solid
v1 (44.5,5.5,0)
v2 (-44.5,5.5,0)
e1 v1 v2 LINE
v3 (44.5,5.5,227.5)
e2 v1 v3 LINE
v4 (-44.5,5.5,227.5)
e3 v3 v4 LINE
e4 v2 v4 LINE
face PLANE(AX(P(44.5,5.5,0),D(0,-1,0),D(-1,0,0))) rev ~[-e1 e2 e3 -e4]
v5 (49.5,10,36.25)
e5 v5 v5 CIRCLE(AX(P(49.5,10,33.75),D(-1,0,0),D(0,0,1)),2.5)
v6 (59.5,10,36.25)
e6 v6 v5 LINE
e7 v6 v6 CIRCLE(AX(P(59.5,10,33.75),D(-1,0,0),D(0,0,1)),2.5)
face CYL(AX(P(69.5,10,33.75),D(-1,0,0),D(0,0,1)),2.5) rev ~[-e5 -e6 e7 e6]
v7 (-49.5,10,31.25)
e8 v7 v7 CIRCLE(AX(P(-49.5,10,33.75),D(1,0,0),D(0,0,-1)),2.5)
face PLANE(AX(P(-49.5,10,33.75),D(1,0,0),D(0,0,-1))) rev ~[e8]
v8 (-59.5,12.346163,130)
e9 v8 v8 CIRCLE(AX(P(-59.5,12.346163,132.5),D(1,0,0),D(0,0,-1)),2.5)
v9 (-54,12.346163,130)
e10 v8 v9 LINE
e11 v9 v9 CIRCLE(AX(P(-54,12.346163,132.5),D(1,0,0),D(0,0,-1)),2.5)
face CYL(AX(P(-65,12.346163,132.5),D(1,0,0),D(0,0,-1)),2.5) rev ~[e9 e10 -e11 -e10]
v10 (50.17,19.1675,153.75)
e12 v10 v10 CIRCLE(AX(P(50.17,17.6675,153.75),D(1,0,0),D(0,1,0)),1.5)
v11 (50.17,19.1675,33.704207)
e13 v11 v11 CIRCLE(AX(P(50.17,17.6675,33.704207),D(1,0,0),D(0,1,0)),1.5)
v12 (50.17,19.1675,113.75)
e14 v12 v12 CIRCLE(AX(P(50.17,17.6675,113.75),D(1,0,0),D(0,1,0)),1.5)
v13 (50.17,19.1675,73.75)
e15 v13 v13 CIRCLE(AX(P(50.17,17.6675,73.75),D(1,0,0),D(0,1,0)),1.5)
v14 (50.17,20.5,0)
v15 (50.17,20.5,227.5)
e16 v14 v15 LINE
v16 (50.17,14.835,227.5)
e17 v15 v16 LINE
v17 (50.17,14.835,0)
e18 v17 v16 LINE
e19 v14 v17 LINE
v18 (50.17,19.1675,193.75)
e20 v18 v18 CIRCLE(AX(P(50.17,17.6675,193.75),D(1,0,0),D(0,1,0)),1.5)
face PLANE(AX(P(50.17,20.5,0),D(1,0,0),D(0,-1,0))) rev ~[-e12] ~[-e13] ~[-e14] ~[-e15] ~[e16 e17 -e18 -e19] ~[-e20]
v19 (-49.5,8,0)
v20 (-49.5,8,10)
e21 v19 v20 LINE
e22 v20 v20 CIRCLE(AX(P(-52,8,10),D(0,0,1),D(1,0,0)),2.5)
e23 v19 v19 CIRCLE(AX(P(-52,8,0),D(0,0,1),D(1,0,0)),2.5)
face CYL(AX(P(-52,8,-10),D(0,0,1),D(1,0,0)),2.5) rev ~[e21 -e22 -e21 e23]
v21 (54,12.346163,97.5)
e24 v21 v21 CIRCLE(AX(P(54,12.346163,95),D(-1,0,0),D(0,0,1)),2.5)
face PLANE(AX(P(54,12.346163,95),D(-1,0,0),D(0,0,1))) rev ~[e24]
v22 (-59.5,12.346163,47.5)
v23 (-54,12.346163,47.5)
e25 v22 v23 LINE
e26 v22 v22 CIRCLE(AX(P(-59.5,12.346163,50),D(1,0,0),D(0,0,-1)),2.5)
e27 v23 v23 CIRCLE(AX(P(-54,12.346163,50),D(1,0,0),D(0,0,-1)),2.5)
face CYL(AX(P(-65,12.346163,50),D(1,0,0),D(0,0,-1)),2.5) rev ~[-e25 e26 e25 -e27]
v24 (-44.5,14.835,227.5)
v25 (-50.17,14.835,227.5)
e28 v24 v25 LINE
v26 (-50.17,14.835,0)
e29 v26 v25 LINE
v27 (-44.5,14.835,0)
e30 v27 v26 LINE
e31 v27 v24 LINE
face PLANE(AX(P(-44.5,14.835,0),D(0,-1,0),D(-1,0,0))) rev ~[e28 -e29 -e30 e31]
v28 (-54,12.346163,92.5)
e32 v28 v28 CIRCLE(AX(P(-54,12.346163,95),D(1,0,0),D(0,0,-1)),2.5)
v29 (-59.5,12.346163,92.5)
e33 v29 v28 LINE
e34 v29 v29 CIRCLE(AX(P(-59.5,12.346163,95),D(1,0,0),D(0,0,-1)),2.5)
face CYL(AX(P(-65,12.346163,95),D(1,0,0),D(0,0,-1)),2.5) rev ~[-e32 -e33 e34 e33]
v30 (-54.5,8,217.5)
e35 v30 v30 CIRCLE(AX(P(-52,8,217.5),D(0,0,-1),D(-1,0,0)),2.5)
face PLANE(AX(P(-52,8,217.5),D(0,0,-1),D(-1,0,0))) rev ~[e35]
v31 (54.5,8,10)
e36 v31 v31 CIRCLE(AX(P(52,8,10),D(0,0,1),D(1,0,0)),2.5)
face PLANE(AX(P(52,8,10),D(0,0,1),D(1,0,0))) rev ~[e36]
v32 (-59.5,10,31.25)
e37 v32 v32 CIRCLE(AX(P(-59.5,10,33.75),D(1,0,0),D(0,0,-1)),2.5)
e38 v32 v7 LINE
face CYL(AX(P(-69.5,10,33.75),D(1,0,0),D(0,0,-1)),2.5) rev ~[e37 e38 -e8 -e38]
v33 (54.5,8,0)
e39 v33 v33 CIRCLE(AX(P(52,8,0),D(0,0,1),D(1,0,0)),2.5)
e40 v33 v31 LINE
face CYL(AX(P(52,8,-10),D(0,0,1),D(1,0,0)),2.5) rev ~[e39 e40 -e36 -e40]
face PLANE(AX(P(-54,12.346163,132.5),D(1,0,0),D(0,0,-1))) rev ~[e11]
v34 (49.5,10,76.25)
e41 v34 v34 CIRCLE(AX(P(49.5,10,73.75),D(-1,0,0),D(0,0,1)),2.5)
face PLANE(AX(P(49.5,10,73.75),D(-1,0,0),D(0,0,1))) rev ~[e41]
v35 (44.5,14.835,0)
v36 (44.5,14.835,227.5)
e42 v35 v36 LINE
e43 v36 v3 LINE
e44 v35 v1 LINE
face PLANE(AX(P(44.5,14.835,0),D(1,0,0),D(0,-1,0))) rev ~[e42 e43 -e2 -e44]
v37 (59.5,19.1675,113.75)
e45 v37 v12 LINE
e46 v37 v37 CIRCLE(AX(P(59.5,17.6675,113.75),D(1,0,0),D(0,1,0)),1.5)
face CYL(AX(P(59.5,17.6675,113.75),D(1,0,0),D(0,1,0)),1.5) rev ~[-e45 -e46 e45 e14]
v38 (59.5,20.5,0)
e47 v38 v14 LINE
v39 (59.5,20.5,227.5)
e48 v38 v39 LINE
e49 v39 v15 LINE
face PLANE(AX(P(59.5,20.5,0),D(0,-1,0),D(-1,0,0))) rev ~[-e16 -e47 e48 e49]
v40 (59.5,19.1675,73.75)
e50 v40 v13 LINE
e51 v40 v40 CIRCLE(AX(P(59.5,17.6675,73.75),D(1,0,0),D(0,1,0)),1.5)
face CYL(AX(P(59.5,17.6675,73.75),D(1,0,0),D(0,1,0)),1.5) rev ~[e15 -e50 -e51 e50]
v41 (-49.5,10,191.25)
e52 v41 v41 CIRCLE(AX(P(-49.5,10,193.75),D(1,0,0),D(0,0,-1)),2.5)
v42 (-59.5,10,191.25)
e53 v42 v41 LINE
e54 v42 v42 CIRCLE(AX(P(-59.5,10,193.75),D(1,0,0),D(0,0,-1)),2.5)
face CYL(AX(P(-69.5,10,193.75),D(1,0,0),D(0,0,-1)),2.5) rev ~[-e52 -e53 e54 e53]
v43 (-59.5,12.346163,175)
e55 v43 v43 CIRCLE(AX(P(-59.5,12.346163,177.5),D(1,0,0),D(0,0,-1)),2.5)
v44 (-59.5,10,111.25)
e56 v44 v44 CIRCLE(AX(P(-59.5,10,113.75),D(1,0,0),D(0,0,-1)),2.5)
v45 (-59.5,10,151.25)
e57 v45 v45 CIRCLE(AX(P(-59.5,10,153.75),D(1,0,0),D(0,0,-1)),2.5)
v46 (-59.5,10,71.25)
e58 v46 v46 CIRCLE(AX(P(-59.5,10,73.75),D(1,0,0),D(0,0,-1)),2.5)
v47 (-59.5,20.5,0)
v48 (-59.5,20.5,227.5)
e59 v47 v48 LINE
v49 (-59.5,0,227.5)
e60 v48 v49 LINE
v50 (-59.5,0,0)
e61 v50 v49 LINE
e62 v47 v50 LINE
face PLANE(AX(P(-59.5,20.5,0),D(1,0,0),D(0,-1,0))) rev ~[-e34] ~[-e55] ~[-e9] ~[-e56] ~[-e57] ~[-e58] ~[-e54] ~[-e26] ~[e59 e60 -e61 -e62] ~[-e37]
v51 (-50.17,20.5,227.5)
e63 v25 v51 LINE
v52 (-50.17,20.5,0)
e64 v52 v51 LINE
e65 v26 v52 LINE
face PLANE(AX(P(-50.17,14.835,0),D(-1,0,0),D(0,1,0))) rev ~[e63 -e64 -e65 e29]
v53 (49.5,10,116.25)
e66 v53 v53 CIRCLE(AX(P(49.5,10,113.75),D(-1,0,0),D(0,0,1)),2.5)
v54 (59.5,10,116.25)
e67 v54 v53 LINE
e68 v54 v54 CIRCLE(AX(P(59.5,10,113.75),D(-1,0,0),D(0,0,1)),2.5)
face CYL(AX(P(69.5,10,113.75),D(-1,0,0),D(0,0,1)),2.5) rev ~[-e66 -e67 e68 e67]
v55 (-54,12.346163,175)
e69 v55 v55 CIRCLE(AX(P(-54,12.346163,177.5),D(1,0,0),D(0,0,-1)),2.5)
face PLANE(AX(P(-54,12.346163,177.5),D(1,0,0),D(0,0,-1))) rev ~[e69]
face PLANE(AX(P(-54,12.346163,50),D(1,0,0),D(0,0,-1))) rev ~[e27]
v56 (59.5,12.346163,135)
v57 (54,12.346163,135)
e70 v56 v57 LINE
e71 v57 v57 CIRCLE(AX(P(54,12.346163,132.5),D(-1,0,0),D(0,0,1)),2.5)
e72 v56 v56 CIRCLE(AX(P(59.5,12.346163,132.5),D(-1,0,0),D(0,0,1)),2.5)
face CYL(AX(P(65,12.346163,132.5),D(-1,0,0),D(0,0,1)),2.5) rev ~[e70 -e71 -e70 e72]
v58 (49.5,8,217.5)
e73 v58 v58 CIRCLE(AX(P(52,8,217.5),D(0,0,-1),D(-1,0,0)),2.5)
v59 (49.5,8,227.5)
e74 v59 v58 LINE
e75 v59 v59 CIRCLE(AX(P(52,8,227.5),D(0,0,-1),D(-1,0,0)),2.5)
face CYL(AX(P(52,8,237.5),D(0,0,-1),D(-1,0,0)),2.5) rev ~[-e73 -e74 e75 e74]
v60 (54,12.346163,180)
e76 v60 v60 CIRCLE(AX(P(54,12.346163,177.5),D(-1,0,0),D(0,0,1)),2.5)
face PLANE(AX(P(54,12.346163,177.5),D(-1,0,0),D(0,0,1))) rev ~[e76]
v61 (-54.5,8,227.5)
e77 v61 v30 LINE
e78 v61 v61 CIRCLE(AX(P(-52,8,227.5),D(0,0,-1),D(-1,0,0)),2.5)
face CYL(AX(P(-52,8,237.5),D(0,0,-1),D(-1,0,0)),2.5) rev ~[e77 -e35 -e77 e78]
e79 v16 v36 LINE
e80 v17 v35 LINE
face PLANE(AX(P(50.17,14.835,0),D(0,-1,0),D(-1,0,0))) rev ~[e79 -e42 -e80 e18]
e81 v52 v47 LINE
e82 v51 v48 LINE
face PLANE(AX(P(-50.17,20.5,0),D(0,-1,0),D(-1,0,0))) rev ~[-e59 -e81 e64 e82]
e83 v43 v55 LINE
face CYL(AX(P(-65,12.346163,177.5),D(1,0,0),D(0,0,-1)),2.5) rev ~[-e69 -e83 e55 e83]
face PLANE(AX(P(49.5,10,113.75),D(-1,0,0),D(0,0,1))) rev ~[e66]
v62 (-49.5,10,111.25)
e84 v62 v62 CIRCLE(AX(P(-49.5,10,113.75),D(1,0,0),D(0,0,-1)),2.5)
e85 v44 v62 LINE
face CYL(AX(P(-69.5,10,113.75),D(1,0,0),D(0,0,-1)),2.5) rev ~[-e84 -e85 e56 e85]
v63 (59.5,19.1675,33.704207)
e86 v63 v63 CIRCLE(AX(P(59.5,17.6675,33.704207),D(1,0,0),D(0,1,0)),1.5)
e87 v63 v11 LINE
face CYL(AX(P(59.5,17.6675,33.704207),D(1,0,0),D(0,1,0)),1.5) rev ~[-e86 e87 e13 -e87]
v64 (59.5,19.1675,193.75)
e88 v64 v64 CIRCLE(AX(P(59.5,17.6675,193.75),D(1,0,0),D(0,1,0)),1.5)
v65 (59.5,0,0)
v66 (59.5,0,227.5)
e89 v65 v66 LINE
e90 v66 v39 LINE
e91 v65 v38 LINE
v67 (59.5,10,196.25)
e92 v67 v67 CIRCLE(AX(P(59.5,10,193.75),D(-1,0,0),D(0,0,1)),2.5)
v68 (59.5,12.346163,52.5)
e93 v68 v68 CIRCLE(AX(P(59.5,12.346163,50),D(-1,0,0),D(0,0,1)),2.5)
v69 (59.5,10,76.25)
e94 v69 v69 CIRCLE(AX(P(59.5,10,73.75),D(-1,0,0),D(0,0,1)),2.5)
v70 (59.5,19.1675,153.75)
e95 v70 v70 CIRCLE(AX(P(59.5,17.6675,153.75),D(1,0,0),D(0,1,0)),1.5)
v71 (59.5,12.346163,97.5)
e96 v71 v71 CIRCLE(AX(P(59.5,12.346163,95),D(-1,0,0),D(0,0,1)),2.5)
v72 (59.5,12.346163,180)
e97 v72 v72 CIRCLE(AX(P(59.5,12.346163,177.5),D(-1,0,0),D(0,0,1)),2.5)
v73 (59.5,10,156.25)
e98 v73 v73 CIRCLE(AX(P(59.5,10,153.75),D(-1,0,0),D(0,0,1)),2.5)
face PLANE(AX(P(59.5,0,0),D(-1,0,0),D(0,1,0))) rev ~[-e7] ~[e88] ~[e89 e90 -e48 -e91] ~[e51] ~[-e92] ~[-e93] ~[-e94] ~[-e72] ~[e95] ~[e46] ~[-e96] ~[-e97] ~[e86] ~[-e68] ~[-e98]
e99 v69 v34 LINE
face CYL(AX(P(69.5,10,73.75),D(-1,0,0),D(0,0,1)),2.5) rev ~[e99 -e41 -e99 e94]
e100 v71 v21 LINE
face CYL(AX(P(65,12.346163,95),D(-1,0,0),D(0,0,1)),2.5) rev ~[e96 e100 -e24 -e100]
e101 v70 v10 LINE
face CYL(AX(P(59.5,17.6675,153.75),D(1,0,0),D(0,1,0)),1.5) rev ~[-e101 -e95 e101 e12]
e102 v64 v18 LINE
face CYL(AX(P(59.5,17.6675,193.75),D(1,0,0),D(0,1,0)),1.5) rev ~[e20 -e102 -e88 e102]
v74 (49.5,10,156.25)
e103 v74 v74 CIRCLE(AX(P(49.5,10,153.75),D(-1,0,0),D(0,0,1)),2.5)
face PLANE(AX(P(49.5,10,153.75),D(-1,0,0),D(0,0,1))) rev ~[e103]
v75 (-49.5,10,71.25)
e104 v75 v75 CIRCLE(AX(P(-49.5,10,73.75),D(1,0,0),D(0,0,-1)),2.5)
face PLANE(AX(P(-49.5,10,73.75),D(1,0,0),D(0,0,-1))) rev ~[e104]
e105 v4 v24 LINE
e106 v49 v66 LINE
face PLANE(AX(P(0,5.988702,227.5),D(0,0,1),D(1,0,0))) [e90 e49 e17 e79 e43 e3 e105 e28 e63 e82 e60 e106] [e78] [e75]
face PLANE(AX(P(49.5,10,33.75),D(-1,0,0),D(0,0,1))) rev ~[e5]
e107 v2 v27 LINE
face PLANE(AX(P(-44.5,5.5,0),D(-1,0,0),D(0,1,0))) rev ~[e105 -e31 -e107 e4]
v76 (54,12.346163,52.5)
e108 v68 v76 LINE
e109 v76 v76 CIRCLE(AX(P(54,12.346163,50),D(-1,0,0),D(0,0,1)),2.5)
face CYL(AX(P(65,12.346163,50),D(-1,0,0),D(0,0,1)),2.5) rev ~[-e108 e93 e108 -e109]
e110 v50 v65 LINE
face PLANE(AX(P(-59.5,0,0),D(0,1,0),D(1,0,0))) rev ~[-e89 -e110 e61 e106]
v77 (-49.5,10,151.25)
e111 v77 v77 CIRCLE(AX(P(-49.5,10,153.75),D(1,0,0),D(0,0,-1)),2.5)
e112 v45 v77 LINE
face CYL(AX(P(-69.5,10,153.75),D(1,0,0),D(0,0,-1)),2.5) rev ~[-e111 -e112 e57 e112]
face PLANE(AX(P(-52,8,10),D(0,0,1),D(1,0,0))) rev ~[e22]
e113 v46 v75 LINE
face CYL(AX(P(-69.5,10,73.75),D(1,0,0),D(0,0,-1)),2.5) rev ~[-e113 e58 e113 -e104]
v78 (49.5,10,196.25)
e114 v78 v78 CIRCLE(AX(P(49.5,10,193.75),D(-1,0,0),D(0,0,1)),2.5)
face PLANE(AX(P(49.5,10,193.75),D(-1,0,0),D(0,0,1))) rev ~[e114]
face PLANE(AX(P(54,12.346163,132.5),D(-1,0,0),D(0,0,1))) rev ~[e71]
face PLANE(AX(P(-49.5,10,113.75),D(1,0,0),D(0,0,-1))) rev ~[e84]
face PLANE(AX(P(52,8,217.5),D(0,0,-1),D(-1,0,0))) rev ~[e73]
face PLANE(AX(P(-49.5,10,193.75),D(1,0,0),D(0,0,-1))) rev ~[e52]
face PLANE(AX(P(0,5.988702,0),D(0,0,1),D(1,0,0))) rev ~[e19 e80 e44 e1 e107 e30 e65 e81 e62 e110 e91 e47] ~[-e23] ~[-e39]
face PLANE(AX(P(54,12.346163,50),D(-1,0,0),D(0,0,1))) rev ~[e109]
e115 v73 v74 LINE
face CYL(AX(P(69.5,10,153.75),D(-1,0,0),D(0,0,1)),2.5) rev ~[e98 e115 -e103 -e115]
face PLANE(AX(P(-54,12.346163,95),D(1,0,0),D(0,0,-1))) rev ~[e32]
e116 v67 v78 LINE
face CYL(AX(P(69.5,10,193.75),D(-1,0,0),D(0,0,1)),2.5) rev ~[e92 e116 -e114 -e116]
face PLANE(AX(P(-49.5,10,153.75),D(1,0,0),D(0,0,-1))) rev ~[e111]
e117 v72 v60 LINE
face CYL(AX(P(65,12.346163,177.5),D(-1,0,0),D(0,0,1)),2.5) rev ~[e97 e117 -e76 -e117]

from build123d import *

# Parameters (mm, degrees)
BOSS_EXTRUDE1_DEPTH             = 227.5
TAP_DRILL_FOR_M5X0_8_TAP1_D     = 5
TAP_DRILL_FOR_M5X0_8_TAP1_DEPTH = 10
TAP_DRILL_FOR_M5X0_8_TAP2_D     = 5
TAP_DRILL_FOR_M5X0_8_TAP2_DEPTH = 10
TAP_DRILL_FOR_M5X0_8_TAP3_D     = 5
TAP_DRILL_FOR_M5X0_8_TAP3_DEPTH = 10
TAP_DRILL_FOR_M5X0_8_TAP4_D     = 5
TAP_DRILL_FOR_M5X0_8_TAP4_DEPTH = 10
TAP_DRILL_FOR_M5X0_8_TAP5_D     = 5
TAP_DRILL_FOR_M5X0_8_TAP5_DEPTH = 5.5
TAP_DRILL_FOR_M5X0_8_TAP6_D     = 5
TAP_DRILL_FOR_M5X0_8_TAP6_DEPTH = 5.5
SKETCH18_R                      = 1.5
CUT_EXTRUDE2_DEPTH              = 29


with BuildPart() as part:
    # Sketch1 → Boss-Extrude1 (new body)
    with BuildSketch(Plane.XY):
        Polygon((44.5, 5.5), (-44.5, 5.5), (-44.5, 14.835), (-50.17, 14.835), (-50.17, 20.5), (-59.5, 20.5), (-59.5, 0), (59.5, 0), (59.5, 20.5), (50.17, 20.5), (50.17, 14.835), (44.5, 14.835), align=None)
    extrude(amount=BOSS_EXTRUDE1_DEPTH)

    # Tap Drill for M5x0.8 Tap1
    with Locations(Plane.XY.offset(227.5)):
        with Locations((52, 8), (-52, 8)):
            Hole(TAP_DRILL_FOR_M5X0_8_TAP1_D / 2, depth=TAP_DRILL_FOR_M5X0_8_TAP1_DEPTH)

    # Tap Drill for M5x0.8 Tap2
    with Locations(Plane(origin=(0, 0, 0), x_dir=(-1, 0, 0), z_dir=(0, 0, -1))):
        with Locations((52, 8), (-52, 8)):
            Hole(TAP_DRILL_FOR_M5X0_8_TAP2_D / 2, depth=TAP_DRILL_FOR_M5X0_8_TAP2_DEPTH)

    # Tap Drill for M5x0.8 Tap3
    with Locations(Plane(origin=(59.5, 0, 0), x_dir=(0, 0, -1), z_dir=(1, 0, 0))):
        with Locations((-193.75, 10), (-153.75, 10), (-113.75, 10), (-73.75, 10), (-33.75, 10)):
            Hole(TAP_DRILL_FOR_M5X0_8_TAP3_D / 2, depth=TAP_DRILL_FOR_M5X0_8_TAP3_DEPTH)

    # Tap Drill for M5x0.8 Tap4
    with Locations(Plane.ZY.offset(59.5)):
        with Locations((193.75, 10), (153.75, 10), (113.75, 10), (73.75, 10), (33.75, 10)):
            Hole(TAP_DRILL_FOR_M5X0_8_TAP4_D / 2, depth=TAP_DRILL_FOR_M5X0_8_TAP4_DEPTH)

    # Tap Drill for M5x0.8 Tap5
    with Locations(Plane(origin=(59.5, 0, 0), x_dir=(0, 0, -1), z_dir=(1, 0, 0))):
        with Locations((-177.5, 12.346163158), (-132.5, 12.346163158), (-95, 12.346163158), (-50, 12.346163158)):
            Hole(TAP_DRILL_FOR_M5X0_8_TAP5_D / 2, depth=TAP_DRILL_FOR_M5X0_8_TAP5_DEPTH)

    # Tap Drill for M5x0.8 Tap6
    with Locations(Plane.ZY.offset(59.5)):
        with Locations((50, 12.346163158), (95, 12.346163158), (132.5, 12.346163158), (177.5, 12.346163158)):
            Hole(TAP_DRILL_FOR_M5X0_8_TAP6_D / 2, depth=TAP_DRILL_FOR_M5X0_8_TAP6_DEPTH)

    # Sketch18 → Cut-Extrude2 (cut)
    with BuildSketch(Plane(origin=(59.5, 0, 0), x_dir=(0, 0, -1), z_dir=(1, 0, 0))):
        with Locations(Location((-193.75, 17.6675, 0), (0, 0, 90))):
            Circle(SKETCH18_R)
        with Locations(Location((-153.75, 17.6675, 0), (0, 0, 90))):
            Circle(SKETCH18_R)
        with Locations(Location((-113.75, 17.6675, 0), (0, 0, 90))):
            Circle(SKETCH18_R)
        with Locations(Location((-73.75, 17.6675, 0), (0, 0, 90))):
            Circle(SKETCH18_R)
        with Locations(Location((-33.704207464, 17.6675, 0), (0, 0, 90))):
            Circle(SKETCH18_R)
    extrude(amount=-CUT_EXTRUDE2_DEPTH, mode=Mode.SUBTRACT)


solid = part.part
